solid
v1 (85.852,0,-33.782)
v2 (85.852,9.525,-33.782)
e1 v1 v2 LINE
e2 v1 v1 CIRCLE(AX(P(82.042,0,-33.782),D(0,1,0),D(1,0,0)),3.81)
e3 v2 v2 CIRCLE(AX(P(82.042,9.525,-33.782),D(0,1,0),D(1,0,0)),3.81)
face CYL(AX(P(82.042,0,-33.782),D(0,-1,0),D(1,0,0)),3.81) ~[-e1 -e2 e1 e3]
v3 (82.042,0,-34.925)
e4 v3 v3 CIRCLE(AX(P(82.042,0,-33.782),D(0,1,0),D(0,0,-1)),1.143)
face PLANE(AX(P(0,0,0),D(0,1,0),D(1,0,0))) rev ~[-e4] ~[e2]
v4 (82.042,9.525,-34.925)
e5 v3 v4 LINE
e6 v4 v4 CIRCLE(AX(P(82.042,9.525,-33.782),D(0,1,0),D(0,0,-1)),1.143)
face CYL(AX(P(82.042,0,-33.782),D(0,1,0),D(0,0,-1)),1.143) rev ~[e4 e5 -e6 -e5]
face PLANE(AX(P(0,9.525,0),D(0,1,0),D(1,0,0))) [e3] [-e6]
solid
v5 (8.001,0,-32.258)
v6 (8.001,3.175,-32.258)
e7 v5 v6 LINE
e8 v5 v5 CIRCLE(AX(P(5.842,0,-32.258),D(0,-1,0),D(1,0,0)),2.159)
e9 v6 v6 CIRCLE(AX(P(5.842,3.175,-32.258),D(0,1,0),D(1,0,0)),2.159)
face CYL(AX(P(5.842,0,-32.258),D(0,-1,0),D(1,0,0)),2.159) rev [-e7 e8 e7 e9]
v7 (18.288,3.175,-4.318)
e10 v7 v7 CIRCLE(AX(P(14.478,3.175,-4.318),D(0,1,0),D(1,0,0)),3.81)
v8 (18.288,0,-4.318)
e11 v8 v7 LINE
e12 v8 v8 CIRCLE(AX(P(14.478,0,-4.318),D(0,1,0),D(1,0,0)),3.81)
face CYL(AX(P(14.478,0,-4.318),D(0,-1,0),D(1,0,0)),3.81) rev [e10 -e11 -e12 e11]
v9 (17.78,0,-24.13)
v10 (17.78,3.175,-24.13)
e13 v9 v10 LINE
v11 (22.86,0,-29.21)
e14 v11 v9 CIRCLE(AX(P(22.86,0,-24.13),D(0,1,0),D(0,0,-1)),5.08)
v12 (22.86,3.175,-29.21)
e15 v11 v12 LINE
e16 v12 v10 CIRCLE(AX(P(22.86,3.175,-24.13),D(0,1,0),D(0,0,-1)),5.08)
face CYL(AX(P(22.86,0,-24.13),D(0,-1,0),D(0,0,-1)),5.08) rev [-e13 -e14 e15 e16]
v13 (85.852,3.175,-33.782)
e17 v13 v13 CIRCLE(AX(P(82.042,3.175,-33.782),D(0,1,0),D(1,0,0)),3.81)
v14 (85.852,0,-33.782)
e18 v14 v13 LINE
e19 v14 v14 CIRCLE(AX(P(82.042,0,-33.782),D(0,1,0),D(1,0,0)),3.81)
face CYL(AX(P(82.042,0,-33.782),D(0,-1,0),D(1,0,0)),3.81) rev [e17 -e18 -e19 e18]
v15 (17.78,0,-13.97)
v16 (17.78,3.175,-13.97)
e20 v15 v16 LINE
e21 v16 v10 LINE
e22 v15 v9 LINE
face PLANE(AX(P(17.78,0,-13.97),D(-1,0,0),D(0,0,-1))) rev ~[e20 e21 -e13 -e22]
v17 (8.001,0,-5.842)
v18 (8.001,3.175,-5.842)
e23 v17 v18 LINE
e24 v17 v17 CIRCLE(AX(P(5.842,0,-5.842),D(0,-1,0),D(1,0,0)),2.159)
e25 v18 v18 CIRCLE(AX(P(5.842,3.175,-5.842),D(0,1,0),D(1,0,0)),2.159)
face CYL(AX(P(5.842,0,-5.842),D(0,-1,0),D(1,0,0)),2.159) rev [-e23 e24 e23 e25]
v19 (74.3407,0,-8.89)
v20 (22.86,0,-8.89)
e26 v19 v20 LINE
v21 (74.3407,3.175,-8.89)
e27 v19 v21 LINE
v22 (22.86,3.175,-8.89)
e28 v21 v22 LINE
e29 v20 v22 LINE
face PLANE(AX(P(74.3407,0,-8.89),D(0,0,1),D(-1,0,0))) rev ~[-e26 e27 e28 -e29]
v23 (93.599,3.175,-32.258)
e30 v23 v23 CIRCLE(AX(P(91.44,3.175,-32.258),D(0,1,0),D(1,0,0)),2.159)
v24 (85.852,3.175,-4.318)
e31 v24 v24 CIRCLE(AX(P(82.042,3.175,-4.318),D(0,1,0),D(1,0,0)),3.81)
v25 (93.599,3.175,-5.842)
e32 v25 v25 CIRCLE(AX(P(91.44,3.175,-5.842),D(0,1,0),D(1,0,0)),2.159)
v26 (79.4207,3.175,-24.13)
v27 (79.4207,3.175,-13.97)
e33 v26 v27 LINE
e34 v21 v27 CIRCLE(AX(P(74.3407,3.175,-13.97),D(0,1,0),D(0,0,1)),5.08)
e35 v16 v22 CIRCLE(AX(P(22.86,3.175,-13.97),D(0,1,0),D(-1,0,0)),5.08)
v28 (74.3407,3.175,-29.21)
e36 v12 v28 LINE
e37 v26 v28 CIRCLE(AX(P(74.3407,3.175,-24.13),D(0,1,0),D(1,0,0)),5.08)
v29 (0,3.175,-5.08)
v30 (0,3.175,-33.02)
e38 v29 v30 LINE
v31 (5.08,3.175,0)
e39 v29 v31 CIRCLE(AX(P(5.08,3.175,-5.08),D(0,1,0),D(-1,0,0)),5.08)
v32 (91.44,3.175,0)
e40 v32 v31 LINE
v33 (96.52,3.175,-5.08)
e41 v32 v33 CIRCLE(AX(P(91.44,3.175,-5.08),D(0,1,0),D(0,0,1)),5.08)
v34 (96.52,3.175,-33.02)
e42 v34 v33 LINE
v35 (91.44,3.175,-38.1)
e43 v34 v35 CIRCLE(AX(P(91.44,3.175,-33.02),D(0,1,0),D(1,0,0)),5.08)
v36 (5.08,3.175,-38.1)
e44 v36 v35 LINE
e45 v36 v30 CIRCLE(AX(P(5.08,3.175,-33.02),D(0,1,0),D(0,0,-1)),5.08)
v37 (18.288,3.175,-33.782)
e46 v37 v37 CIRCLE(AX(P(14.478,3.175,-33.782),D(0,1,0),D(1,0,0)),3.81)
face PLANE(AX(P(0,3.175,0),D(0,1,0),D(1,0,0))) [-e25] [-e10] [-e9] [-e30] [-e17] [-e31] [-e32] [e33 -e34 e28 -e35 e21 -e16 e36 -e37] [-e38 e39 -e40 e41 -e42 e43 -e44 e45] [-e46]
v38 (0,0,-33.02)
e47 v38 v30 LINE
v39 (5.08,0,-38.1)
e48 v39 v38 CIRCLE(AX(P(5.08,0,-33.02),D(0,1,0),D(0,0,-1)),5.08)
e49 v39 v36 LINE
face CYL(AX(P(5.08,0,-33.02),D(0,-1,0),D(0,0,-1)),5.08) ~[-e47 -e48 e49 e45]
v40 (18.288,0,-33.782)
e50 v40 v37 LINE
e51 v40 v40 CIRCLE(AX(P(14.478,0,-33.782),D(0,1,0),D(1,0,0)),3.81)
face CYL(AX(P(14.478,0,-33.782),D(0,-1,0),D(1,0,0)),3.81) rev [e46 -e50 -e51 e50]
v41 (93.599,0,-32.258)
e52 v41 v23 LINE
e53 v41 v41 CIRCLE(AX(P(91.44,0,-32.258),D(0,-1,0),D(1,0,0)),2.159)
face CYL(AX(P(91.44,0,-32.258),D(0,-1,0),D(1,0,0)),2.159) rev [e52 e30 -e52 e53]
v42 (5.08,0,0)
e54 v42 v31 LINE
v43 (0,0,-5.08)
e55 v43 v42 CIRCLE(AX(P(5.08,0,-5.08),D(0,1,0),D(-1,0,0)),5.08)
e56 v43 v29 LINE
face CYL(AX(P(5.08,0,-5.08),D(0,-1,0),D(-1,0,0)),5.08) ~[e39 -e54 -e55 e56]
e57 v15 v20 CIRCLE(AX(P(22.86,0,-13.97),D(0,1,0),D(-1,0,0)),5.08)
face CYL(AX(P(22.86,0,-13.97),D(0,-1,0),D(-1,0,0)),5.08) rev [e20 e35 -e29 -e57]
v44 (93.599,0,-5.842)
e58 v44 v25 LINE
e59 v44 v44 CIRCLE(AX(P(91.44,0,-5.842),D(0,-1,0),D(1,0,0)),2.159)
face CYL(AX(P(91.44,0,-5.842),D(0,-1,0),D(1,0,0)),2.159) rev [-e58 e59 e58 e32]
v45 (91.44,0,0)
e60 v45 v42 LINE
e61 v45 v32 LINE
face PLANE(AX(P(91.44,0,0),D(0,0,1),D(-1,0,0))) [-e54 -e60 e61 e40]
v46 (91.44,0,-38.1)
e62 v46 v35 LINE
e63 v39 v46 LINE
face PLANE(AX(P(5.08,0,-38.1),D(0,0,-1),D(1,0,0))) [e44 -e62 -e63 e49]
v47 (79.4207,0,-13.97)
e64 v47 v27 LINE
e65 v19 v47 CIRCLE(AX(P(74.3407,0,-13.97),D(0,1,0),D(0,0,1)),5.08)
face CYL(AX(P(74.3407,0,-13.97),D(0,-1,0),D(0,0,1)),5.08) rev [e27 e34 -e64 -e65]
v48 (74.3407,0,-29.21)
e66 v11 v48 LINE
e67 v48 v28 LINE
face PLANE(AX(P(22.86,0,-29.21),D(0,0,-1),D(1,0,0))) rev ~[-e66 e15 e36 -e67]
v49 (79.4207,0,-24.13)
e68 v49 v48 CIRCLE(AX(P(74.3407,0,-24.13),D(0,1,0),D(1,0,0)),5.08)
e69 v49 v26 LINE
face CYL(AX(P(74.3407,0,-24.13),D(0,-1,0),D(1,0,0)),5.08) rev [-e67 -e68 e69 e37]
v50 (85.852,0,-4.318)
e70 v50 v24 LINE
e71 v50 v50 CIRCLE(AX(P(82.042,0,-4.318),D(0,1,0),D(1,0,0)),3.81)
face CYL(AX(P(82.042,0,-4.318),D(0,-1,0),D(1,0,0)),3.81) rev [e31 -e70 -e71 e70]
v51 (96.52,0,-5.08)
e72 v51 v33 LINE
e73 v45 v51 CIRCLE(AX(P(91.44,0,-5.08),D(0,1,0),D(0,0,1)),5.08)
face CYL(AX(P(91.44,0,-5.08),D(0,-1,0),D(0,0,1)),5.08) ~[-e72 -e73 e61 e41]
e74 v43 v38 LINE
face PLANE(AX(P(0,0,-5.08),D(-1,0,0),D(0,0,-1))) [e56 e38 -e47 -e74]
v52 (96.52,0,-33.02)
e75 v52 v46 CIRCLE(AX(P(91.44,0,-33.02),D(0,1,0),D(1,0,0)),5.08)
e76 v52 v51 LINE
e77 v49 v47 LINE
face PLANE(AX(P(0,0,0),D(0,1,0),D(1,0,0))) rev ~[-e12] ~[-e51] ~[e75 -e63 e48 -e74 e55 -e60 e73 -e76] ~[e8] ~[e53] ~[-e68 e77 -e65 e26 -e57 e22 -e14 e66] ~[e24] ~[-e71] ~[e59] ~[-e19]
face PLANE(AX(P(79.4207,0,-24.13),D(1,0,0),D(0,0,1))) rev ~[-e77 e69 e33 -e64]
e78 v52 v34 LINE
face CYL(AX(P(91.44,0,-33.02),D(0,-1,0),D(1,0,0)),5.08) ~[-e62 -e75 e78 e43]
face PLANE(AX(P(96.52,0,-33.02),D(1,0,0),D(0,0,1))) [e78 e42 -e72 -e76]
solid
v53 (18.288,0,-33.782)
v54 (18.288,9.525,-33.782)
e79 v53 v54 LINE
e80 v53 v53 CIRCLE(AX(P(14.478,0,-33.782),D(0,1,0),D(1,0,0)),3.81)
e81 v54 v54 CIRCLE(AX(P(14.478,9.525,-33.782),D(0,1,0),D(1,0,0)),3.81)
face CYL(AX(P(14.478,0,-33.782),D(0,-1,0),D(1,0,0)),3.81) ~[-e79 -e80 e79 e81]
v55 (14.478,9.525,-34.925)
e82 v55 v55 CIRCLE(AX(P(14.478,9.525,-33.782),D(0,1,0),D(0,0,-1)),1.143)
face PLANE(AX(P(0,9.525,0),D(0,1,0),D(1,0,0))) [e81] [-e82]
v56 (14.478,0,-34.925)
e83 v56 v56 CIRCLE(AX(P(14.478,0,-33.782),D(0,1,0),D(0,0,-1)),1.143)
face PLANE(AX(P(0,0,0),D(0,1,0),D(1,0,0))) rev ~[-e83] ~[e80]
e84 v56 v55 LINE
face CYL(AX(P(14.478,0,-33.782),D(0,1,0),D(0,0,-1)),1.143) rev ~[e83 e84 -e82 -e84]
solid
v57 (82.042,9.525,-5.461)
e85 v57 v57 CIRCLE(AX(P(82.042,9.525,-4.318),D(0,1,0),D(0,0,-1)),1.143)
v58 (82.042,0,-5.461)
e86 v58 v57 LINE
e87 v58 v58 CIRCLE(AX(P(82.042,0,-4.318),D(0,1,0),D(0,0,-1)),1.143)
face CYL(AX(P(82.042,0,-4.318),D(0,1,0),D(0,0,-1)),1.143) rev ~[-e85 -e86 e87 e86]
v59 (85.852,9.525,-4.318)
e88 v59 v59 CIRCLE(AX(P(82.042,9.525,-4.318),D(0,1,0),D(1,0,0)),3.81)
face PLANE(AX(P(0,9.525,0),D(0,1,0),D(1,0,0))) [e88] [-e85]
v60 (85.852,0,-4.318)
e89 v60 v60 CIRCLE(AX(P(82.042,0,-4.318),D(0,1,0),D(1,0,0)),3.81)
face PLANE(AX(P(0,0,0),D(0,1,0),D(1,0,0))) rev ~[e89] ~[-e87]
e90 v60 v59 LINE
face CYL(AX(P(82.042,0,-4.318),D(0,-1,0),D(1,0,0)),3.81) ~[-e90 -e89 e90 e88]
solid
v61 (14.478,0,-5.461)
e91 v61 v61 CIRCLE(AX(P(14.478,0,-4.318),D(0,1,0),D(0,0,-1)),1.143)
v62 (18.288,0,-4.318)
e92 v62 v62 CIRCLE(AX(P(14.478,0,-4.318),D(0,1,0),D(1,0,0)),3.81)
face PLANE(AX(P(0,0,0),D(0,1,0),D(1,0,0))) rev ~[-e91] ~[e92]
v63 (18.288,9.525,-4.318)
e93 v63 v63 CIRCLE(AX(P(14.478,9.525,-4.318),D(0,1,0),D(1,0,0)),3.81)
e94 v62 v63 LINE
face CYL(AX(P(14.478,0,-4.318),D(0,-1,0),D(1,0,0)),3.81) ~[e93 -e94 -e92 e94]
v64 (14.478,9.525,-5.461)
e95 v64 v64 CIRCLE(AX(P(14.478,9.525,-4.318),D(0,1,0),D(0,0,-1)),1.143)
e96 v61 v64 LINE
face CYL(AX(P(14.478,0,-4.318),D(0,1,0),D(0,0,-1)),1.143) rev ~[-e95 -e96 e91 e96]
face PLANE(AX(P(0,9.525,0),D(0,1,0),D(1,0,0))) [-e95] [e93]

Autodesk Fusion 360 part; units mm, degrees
sketch "Sketch1" plane through (0, 0, 0) normal (0, 1, 0) x (1, 0, 0)
  circle A0 centre (14.478, 4.318) radius 3.81
  circle A1 centre (14.478, 33.782) radius 3.81
  circle A2 centre (14.478, 33.782) radius 1.143
  circle A3 centre (91.44, 5.842) radius 2.159
  circle A4 centre (82.042, 4.318) radius 3.81
  circle A5 centre (5.842, 32.258) radius 2.159
  circle A6 centre (14.478, 4.318) radius 1.143
  circle A7 centre (82.042, 33.782) radius 3.81
  circle A8 centre (5.842, 5.842) radius 2.159
  circle A9 centre (82.042, 33.782) radius 1.143
  circle A10 centre (82.042, 4.318) radius 1.143
  circle A11 centre (91.44, 32.258) radius 2.159
  line L0 (5.08, 38.1) -> (91.44, 38.1)
  line L1 (96.52, 33.02) -> (96.52, 5.08)
  line L2 (91.44, 0) -> (5.08, 0)
  line L3 (0, 5.08) -> (0, 33.02)
  arc A12 (5.08, 38.1) -> (0, 33.02) centre (5.08, 33.02) ccw
  arc A13 (0, 5.08) -> (5.08, 0) centre (5.08, 5.08) ccw
  arc A14 (96.52, 33.02) -> (91.44, 38.1) centre (91.44, 33.02) ccw
  arc A15 (91.44, 0) -> (96.52, 5.08) centre (91.44, 5.08) ccw
  line L4 (22.86, 29.21) -> (74.3407, 29.21)
  line L5 (79.4207, 24.13) -> (79.4207, 13.97)
  line L6 (74.3407, 8.89) -> (22.86, 8.89)
  line L7 (17.78, 13.97) -> (17.78, 24.13)
  arc A16 (22.86, 29.21) -> (17.78, 24.13) centre (22.86, 24.13) ccw
  arc A17 (17.78, 13.97) -> (22.86, 8.89) centre (22.86, 13.97) ccw
  arc A18 (74.3407, 8.89) -> (79.4207, 13.97) centre (74.3407, 13.97) ccw
  arc A19 (79.4207, 24.13) -> (74.3407, 29.21) centre (74.3407, 24.13) ccw
  point P0 (0, 38.1)
  point P1 (96.52, 38.1)
  point P2 (96.52, 0)
  point P3 (96.52, 0.0007)
  dimension "d12" = 8.636
  dimension "d13" = 8.636
  dimension "d16" = 67.564
  dimension "d17" = 67.564
  dimension "d18" = 29.464
  dimension "d20" = 96.52
  dimension "d21" = 38.1
  dimension "d22" = 5.08
  dimension "d23" = 5.08
  dimension "d24" = 5.08
  dimension "d25" = 5.08
  dimension "d26" = 5.08
  dimension "d27" = 5.08
extrude "Extrude1" add sketch "Sketch1" along normal blind 3.175 contours L0 L1 L2 L3 A12 A13 A14 A15 makes body 1
extrude "Extrude2" add sketch "Sketch1" along normal blind 9.525 separate body contours A0 | A1 | A2 | A4 | A6 | A7 | A9 | A10 makes body 2 at (18.2833, 6.35, -4.1281) makes body 3 at (85.8473, 6.35, -33.5921) makes body 4 at (18.2833, 6.35, -33.5921) makes body 5 at (85.8473, 6.35, -4.1281)
hole "Hole1" at (5.842, 0, -5.842) at (5.842, 0, -32.258) at (91.44, 0, -5.842) at (91.44, 0, -32.258) direction (0, -1, 0) diameter 4.318 depth 2.54 tip angle 118 bodies 1
hole "Hole2" at (14.478, 0, -4.318) at (14.478, 0, -33.782) at (82.042, 0, -33.782) at (82.042, 0, -4.318) direction (0, 1, 0) diameter 2.286 depth 9.525 tip angle 180 bodies 2 3 4 5
